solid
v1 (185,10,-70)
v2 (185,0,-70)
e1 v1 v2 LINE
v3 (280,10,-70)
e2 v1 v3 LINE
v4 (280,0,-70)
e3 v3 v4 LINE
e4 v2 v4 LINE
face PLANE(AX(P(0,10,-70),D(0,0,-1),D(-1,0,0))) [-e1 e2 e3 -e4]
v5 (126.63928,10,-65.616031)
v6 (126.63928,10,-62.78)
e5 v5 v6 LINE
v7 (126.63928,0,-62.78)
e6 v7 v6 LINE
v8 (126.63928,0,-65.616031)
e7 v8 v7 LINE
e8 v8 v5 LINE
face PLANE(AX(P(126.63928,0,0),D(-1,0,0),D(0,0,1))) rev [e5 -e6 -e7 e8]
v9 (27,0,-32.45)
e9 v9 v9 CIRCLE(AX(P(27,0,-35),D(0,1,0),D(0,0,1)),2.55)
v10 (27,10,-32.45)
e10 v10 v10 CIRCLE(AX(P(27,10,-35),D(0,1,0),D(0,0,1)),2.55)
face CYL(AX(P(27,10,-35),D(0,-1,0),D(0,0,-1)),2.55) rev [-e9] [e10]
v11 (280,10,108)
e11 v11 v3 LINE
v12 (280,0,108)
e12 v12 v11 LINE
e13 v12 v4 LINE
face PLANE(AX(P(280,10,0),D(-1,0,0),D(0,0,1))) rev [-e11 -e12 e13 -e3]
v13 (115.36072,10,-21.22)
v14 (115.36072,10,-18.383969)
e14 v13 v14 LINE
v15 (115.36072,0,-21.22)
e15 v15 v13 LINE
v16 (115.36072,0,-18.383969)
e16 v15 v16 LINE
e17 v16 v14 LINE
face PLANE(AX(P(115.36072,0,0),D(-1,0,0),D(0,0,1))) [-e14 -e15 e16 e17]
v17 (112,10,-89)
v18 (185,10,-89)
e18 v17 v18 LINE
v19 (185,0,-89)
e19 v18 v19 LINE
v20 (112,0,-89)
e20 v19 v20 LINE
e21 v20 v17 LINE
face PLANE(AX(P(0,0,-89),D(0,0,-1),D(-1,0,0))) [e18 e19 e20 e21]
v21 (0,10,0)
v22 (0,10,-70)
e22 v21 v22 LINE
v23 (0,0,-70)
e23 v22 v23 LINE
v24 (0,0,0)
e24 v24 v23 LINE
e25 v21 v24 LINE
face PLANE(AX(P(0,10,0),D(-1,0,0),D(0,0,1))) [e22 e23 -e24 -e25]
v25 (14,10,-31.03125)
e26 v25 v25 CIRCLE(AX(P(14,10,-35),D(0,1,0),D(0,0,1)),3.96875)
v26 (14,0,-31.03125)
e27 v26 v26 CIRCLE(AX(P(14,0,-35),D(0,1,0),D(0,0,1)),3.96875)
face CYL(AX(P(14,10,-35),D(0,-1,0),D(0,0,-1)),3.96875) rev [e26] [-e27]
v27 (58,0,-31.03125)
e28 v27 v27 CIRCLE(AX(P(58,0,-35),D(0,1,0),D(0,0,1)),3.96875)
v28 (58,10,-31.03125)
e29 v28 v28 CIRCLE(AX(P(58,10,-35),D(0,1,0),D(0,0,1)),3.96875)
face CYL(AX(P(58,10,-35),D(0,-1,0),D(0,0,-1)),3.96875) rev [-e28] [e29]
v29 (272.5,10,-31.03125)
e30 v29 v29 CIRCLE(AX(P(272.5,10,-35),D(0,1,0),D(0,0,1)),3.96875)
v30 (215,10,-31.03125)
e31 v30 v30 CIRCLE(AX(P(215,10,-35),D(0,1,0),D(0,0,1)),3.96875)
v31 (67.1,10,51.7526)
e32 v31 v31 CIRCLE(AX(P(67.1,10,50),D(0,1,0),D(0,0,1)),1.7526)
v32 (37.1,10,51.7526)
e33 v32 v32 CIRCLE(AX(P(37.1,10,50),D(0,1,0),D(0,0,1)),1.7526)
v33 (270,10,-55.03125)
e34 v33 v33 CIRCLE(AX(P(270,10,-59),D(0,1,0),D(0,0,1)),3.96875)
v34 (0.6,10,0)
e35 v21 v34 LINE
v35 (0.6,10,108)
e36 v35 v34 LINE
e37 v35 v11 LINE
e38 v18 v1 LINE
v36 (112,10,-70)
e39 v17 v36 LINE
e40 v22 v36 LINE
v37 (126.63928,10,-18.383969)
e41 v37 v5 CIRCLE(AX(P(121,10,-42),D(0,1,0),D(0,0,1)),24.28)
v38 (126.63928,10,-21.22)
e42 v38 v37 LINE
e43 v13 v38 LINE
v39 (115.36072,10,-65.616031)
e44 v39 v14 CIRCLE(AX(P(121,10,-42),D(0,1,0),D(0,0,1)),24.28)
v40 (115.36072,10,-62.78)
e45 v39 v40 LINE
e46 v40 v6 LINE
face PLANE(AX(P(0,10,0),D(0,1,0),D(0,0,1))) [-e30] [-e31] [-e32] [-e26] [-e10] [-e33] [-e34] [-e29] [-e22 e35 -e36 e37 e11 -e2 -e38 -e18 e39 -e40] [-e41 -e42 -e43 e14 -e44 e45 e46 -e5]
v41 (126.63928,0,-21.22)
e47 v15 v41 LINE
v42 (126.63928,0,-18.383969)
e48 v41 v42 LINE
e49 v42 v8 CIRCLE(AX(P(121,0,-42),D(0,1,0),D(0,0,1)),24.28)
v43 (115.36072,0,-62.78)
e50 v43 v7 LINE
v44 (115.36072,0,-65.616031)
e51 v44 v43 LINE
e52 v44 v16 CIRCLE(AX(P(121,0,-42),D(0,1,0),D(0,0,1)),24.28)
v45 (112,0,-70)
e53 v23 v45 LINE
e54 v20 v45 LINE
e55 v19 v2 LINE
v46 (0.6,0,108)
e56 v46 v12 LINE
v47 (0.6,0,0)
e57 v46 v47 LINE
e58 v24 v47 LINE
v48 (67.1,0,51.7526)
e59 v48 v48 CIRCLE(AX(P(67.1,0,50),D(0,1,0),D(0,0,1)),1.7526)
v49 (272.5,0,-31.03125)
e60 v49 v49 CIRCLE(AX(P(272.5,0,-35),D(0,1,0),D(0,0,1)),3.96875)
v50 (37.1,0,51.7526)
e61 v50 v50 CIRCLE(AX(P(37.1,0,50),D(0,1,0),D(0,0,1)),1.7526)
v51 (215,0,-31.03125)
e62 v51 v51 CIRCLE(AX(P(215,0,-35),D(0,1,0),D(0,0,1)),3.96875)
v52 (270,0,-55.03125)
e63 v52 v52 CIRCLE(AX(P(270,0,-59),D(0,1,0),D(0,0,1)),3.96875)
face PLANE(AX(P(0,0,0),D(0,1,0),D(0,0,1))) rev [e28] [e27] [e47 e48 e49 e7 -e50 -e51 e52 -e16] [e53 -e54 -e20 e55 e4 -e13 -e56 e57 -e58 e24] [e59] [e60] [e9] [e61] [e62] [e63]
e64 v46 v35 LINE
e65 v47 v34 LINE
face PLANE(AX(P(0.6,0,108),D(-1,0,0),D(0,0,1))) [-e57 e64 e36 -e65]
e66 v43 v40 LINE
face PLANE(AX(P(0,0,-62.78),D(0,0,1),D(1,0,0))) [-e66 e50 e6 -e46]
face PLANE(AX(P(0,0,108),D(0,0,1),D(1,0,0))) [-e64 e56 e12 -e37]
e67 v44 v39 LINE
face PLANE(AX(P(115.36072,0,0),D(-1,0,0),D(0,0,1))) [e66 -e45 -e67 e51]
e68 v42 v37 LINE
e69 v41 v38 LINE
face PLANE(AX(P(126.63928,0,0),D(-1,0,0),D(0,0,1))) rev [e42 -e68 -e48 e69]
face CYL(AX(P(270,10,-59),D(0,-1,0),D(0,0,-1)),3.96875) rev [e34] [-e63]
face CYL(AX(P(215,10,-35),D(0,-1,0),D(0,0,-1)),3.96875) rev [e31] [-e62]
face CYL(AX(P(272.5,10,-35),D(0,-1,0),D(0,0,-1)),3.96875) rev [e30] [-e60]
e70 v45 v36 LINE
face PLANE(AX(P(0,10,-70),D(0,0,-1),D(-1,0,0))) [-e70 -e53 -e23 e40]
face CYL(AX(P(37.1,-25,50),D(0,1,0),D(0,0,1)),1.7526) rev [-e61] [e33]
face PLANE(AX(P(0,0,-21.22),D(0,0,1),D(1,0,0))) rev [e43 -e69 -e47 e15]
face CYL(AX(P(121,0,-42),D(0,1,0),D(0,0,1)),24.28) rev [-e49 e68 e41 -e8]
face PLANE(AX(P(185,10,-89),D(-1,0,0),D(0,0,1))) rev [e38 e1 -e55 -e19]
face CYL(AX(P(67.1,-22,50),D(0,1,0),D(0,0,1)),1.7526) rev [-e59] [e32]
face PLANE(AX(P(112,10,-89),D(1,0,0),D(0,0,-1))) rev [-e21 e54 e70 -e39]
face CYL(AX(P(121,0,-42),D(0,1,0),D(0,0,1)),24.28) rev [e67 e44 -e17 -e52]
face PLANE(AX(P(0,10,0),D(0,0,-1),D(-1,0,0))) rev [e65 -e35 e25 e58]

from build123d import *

# Parameters (mm, degrees)
SKETCH1_W            = 280
SKETCH1_H            = 70
SKETCH1_R            = 3.96875
SKETCH1_R_2          = 2.55
BOSS_EXTRUDE7_DEPTH  = 10
SKETCH2_W            = 279.4
SKETCH2_H            = 10
BOSS_EXTRUDE8_DEPTH  = 108
CUT_EXTRUDE2_DEPTH   = 301.273208928
SKETCH3_7_R          = 1.7526
CUT_EXTRUDE3_DEPTH   = 35
SKETCH3_8_R          = 1.7526
CUT_EXTRUDE4_DEPTH   = 32
SKETCH2_3_W          = 279.4
SKETCH2_3_H          = 10
BOSS_EXTRUDE9_DEPTH  = 10
SKETCH10_W           = 73
SKETCH10_H           = 10
BOSS_EXTRUDE11_DEPTH = 19


with BuildPart() as part:
    # Sketch1 → Boss-Extrude7 (new body)
    with BuildSketch(Plane(origin=(0, 0, 0), x_dir=(1, 0, 0), z_dir=(0, 1, 0))):
        with Locations((140, 35)):
            Rectangle(SKETCH1_W, SKETCH1_H)
        with Locations((14, 35)):
            Circle(SKETCH1_R, mode=Mode.SUBTRACT)
        with Locations((27, 35)):
            Circle(SKETCH1_R_2, mode=Mode.SUBTRACT)
        with Locations((58, 35)):
            Circle(SKETCH1_R, mode=Mode.SUBTRACT)
        with Locations((215, 35)):
            Circle(SKETCH1_R, mode=Mode.SUBTRACT)
        with Locations((272.5, 35)):
            Circle(SKETCH1_R, mode=Mode.SUBTRACT)
        with Locations((270, 59)):
            Circle(SKETCH1_R, mode=Mode.SUBTRACT)
    extrude(amount=BOSS_EXTRUDE7_DEPTH)

    # Sketch2 → Boss-Extrude8 (add)
    with BuildSketch(Plane.XY):
        with Locations((140.3, 5)):
            Rectangle(SKETCH2_W, SKETCH2_H)
    extrude(amount=BOSS_EXTRUDE8_DEPTH)

    # Sketch3 → Cut-Extrude2 (cut, through all)
    with BuildSketch(Plane(origin=(0, 10, 0), x_dir=(1, 0, 0), z_dir=(0, 1, 0))):
        with BuildLine():
            Line((115.360720333, 62.78), (115.360720333, 65.616031098))
            ThreePointArc((115.360720333, 65.616031098), (96.72, 42), (115.360720333, 18.383968902))
            Line((115.360720333, 18.383968902), (115.360720333, 21.22))
            Line((115.360720333, 21.22), (126.639279667, 21.22))
            Line((126.639279667, 21.22), (126.639279667, 18.383968902))
            ThreePointArc((126.639279667, 18.383968902), (140.058332959, 26.956784092), (145.28, 42))
            ThreePointArc((145.28, 42), (140.058332959, 57.043215908), (126.639279667, 65.616031098))
            Line((126.639279667, 65.616031098), (126.639279667, 62.78))
            Line((126.639279667, 62.78), (115.360720333, 62.78))
        make_face()
    extrude(amount=-CUT_EXTRUDE2_DEPTH, mode=Mode.SUBTRACT)

    # Sketch3<7> → Cut-Extrude3 (cut)
    with BuildSketch(Plane(origin=(0, 10, 0), x_dir=(1, 0, 0), z_dir=(0, 1, 0))):
        with Locations((37.1, -50)):
            Circle(SKETCH3_7_R)
    extrude(amount=-CUT_EXTRUDE3_DEPTH, mode=Mode.SUBTRACT)

    # Sketch3<8> → Cut-Extrude4 (cut)
    with BuildSketch(Plane(origin=(0, 10, 0), x_dir=(1, 0, 0), z_dir=(0, 1, 0))):
        with Locations((67.1, -50)):
            Circle(SKETCH3_8_R)
    extrude(amount=-CUT_EXTRUDE4_DEPTH, mode=Mode.SUBTRACT)

    # Sketch2<3> → Boss-Extrude9 (add)
    with BuildSketch(Plane.XY):
        with Locations((140.3, 5)):
            Rectangle(SKETCH2_3_W, SKETCH2_3_H)
    extrude(amount=BOSS_EXTRUDE9_DEPTH)

    # Sketch10 → Boss-Extrude11 (add)
    with BuildSketch(Plane(origin=(0, 0, -70), x_dir=(-1, 0, 0), z_dir=(0, 0, -1))):
        with Locations((-148.5, 5)):
            Rectangle(SKETCH10_W, SKETCH10_H)
    extrude(amount=BOSS_EXTRUDE11_DEPTH)


solid = part.part
